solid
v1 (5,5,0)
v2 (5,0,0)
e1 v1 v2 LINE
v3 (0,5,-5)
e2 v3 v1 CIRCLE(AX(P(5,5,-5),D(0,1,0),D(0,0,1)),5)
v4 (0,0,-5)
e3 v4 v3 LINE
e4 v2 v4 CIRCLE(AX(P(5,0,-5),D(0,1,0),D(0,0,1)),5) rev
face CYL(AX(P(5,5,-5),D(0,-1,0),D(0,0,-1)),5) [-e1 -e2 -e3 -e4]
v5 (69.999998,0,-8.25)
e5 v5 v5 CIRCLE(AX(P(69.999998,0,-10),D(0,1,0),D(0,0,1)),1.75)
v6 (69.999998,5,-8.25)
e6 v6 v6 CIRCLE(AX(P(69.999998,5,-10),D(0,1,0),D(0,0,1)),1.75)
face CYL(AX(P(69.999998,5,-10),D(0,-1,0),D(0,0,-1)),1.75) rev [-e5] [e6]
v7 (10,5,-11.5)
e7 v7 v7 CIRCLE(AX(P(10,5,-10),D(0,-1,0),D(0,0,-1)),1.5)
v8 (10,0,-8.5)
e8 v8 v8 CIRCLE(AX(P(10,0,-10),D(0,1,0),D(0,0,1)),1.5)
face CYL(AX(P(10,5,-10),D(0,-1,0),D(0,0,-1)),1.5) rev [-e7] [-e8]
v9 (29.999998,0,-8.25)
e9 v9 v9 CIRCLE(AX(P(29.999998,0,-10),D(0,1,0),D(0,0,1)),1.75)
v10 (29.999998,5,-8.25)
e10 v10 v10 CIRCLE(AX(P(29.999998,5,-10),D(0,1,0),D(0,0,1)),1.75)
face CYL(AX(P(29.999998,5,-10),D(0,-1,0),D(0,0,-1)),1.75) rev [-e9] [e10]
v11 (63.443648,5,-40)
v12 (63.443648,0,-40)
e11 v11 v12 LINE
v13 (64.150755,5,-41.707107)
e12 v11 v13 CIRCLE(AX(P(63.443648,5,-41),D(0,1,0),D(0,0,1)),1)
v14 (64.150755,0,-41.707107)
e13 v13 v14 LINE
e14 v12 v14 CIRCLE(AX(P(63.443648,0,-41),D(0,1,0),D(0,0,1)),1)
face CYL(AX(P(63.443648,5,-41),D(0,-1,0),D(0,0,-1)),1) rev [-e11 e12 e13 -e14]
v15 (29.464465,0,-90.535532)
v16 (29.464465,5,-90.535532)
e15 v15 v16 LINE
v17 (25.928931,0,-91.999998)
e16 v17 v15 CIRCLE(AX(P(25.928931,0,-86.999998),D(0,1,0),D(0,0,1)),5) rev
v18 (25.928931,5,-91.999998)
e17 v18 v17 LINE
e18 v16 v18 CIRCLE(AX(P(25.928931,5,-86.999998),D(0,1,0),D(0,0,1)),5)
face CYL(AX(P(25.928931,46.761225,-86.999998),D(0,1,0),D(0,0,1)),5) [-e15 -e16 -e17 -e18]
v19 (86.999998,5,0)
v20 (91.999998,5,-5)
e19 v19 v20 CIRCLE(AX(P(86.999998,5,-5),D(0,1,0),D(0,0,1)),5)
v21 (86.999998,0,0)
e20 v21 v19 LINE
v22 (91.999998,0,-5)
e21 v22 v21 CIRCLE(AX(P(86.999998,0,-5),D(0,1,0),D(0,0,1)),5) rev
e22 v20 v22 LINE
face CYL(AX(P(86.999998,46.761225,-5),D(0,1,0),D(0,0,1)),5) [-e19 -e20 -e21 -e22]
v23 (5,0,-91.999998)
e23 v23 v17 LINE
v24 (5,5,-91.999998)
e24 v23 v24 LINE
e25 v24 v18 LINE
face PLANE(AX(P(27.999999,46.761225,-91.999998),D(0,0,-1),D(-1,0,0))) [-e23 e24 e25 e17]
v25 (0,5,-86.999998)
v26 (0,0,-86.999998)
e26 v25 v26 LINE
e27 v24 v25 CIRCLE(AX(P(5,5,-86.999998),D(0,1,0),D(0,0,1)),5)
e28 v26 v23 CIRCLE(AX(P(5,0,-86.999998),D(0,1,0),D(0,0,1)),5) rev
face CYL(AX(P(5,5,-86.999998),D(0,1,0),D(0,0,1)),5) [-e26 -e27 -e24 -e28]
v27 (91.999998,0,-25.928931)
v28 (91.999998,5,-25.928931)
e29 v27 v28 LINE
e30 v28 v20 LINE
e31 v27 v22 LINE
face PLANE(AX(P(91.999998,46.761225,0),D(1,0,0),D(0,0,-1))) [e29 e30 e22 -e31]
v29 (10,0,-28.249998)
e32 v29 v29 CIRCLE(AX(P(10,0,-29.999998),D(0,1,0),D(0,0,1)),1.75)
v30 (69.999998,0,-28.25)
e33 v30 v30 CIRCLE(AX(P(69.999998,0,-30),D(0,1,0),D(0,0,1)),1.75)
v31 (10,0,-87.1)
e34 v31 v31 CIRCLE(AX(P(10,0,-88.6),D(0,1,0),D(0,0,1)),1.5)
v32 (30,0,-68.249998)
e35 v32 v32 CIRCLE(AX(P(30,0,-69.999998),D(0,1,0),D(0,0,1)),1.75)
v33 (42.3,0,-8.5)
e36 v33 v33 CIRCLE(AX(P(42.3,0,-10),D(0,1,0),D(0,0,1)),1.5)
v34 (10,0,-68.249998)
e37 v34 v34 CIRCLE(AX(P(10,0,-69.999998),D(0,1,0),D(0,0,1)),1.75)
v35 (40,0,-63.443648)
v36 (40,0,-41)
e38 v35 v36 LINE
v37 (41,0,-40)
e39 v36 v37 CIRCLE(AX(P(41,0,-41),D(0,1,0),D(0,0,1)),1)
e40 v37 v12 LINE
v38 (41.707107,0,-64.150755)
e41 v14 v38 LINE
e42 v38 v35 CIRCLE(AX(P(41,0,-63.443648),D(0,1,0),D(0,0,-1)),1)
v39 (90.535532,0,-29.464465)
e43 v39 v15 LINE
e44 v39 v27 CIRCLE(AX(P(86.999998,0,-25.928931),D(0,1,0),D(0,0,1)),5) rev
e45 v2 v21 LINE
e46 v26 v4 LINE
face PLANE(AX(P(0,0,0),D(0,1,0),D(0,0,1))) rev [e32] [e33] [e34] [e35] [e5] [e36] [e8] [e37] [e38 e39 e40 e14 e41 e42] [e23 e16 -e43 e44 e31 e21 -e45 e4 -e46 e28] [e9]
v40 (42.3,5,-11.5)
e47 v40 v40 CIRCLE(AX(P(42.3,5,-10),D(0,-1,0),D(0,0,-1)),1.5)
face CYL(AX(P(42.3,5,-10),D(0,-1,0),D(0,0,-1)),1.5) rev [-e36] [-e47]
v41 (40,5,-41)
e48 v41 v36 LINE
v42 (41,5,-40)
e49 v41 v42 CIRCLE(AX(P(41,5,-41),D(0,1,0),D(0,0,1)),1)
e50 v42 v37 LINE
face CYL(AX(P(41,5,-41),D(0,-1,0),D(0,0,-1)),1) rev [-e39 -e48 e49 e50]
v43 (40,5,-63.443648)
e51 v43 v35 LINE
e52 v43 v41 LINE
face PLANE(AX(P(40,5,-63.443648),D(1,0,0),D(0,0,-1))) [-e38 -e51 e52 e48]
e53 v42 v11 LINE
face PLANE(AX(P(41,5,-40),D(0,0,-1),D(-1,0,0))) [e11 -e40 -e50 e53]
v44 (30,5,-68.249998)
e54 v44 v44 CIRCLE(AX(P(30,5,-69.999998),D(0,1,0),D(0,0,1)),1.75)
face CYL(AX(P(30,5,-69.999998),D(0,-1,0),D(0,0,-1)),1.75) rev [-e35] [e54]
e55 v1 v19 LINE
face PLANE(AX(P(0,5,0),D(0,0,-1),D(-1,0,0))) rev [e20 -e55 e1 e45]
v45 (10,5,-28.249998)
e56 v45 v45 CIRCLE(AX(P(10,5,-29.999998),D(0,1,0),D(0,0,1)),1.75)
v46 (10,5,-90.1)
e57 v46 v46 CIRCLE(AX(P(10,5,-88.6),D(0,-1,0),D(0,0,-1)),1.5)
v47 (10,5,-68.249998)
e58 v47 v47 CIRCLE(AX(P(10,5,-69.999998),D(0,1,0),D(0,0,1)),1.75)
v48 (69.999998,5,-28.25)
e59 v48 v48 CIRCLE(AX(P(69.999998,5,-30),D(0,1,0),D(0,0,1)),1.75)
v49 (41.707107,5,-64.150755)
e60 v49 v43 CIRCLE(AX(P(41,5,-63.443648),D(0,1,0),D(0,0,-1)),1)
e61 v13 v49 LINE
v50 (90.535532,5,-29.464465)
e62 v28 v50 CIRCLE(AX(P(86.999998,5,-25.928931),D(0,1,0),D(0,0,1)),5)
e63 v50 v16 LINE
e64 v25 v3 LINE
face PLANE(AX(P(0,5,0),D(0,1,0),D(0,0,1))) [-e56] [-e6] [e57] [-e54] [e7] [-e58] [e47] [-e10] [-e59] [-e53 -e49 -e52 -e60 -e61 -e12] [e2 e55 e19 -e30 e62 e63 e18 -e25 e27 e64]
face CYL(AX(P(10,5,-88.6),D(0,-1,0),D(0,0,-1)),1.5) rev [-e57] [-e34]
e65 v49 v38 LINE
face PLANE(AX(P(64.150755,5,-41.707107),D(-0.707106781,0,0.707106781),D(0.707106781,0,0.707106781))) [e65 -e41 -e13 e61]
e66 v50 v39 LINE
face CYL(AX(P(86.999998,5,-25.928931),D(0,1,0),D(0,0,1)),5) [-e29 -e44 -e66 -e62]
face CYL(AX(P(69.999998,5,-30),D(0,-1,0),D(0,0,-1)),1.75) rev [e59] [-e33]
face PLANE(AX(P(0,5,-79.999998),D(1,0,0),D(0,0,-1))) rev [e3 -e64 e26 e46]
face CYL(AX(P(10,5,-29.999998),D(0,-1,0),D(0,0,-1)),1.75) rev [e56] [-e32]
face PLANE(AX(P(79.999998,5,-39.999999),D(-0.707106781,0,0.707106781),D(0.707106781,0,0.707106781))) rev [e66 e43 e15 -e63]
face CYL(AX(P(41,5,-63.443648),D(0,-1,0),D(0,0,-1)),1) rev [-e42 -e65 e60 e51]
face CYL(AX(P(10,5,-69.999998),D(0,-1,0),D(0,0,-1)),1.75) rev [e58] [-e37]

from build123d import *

# Parameters (mm, degrees)
ESBO_O1_R                  = 1.75
RESSALTO_EXTRUS_O1_DEPTH   = 5
RESSALTO_EXTRUS_O3_DEPTH   = 5
CORTE_EXTRUS_O1_DEPTH      = 131.203684057
CORTE_EXTRUS_O1_DEPTH_BACK = 131.203684057
ESBO_O3_R                  = 1.5
FILETE1_R                  = 5


with BuildPart() as part:
    # Esboço1 → Ressalto-extrusão1 (new body)
    with BuildSketch(Plane(origin=(0, 0, 0), x_dir=(1, 0, 0), z_dir=(0, 1, 0))):
        Polygon((0, 79.999998212), (0, 0), (79.999998212, 0), (79.999998212, 39.999999106), (39.999999106, 79.999998212), align=None)
        with Locations(Location((10, 69.999998212, 0), (0, 0, 270))):
            Circle(ESBO_O1_R, mode=Mode.SUBTRACT)
        with Locations(Location((30, 69.999998212, 0), (0, 0, 270))):
            Circle(ESBO_O1_R, mode=Mode.SUBTRACT)
        with Locations(Location((10, 29.999998212, 0), (0, 0, 270))):
            Circle(ESBO_O1_R, mode=Mode.SUBTRACT)
        with Locations(Location((69.999998212, 30, 0), (0, 0, 270))):
            Circle(ESBO_O1_R, mode=Mode.SUBTRACT)
        with Locations(Location((29.999998212, 10, 0), (0, 0, 270))):
            Circle(ESBO_O1_R, mode=Mode.SUBTRACT)
        with Locations(Location((69.999998212, 10, 0), (0, 0, 270))):
            Circle(ESBO_O1_R, mode=Mode.SUBTRACT)
        with BuildLine():
            Line((40, 63.443648132), (40, 41))
            ThreePointArc((40, 41), (40.292893219, 40.292893219), (41, 40))
            Line((41, 40), (63.443648132, 40))
            ThreePointArc((63.443648132, 40), (64.367527664, 40.617316568), (64.150754913, 41.707106781))
            Line((64.150754913, 41.707106781), (41.707106781, 64.150754913))
            ThreePointArc((41.707106781, 64.150754913), (40.617316568, 64.367527664), (40, 63.443648132))
        make_face(mode=Mode.SUBTRACT)
    extrude(amount=RESSALTO_EXTRUS_O1_DEPTH)

    # Esboço5 → Ressalto-extrusão3 (add)
    with BuildSketch(Plane.XZ):
        Polygon((79.999998212, 0), (91.999998212, 0), (91.999998212, -27.999999106), (79.999998212, -39.999999106), align=None)
        Polygon((39.999999106, -79.999998212), (27.999999106, -91.999998212), (0, -91.999998212), (0, -79.999998212), align=None)
    extrude(amount=-RESSALTO_EXTRUS_O3_DEPTH)

    # Esboço3 → Corte-extrusão1 (cut, two sides: drawn at the far end of the back side and taken through both)
    with BuildSketch(Plane.XZ.offset(-CORTE_EXTRUS_O1_DEPTH_BACK)):
        with Locations(Location((42.3, -10, 0), (0, 0, 270))):
            Circle(ESBO_O3_R)
        with Locations(Location((10, -88.6, 0), (0, 0, 270))):
            Circle(ESBO_O3_R)
        with Locations(Location((10, -10, 0), (0, 0, 270))):
            Circle(ESBO_O3_R)
    extrude(amount=CORTE_EXTRUS_O1_DEPTH + CORTE_EXTRUS_O1_DEPTH_BACK, mode=Mode.SUBTRACT)

    # Filete1
    filete1_edges = [part.edges().sort_by_distance(p)[0] for p in [
        (91.999998212, 2.5, -27.999999106),
        (91.999998212, 2.5, 0),
        (0, 2.5, -91.999998212),
        (27.999999106, 2.5, -91.999998212),
        (0, 2.5, 0),
    ]]
    fillet(filete1_edges, radius=FILETE1_R)


solid = part.part
